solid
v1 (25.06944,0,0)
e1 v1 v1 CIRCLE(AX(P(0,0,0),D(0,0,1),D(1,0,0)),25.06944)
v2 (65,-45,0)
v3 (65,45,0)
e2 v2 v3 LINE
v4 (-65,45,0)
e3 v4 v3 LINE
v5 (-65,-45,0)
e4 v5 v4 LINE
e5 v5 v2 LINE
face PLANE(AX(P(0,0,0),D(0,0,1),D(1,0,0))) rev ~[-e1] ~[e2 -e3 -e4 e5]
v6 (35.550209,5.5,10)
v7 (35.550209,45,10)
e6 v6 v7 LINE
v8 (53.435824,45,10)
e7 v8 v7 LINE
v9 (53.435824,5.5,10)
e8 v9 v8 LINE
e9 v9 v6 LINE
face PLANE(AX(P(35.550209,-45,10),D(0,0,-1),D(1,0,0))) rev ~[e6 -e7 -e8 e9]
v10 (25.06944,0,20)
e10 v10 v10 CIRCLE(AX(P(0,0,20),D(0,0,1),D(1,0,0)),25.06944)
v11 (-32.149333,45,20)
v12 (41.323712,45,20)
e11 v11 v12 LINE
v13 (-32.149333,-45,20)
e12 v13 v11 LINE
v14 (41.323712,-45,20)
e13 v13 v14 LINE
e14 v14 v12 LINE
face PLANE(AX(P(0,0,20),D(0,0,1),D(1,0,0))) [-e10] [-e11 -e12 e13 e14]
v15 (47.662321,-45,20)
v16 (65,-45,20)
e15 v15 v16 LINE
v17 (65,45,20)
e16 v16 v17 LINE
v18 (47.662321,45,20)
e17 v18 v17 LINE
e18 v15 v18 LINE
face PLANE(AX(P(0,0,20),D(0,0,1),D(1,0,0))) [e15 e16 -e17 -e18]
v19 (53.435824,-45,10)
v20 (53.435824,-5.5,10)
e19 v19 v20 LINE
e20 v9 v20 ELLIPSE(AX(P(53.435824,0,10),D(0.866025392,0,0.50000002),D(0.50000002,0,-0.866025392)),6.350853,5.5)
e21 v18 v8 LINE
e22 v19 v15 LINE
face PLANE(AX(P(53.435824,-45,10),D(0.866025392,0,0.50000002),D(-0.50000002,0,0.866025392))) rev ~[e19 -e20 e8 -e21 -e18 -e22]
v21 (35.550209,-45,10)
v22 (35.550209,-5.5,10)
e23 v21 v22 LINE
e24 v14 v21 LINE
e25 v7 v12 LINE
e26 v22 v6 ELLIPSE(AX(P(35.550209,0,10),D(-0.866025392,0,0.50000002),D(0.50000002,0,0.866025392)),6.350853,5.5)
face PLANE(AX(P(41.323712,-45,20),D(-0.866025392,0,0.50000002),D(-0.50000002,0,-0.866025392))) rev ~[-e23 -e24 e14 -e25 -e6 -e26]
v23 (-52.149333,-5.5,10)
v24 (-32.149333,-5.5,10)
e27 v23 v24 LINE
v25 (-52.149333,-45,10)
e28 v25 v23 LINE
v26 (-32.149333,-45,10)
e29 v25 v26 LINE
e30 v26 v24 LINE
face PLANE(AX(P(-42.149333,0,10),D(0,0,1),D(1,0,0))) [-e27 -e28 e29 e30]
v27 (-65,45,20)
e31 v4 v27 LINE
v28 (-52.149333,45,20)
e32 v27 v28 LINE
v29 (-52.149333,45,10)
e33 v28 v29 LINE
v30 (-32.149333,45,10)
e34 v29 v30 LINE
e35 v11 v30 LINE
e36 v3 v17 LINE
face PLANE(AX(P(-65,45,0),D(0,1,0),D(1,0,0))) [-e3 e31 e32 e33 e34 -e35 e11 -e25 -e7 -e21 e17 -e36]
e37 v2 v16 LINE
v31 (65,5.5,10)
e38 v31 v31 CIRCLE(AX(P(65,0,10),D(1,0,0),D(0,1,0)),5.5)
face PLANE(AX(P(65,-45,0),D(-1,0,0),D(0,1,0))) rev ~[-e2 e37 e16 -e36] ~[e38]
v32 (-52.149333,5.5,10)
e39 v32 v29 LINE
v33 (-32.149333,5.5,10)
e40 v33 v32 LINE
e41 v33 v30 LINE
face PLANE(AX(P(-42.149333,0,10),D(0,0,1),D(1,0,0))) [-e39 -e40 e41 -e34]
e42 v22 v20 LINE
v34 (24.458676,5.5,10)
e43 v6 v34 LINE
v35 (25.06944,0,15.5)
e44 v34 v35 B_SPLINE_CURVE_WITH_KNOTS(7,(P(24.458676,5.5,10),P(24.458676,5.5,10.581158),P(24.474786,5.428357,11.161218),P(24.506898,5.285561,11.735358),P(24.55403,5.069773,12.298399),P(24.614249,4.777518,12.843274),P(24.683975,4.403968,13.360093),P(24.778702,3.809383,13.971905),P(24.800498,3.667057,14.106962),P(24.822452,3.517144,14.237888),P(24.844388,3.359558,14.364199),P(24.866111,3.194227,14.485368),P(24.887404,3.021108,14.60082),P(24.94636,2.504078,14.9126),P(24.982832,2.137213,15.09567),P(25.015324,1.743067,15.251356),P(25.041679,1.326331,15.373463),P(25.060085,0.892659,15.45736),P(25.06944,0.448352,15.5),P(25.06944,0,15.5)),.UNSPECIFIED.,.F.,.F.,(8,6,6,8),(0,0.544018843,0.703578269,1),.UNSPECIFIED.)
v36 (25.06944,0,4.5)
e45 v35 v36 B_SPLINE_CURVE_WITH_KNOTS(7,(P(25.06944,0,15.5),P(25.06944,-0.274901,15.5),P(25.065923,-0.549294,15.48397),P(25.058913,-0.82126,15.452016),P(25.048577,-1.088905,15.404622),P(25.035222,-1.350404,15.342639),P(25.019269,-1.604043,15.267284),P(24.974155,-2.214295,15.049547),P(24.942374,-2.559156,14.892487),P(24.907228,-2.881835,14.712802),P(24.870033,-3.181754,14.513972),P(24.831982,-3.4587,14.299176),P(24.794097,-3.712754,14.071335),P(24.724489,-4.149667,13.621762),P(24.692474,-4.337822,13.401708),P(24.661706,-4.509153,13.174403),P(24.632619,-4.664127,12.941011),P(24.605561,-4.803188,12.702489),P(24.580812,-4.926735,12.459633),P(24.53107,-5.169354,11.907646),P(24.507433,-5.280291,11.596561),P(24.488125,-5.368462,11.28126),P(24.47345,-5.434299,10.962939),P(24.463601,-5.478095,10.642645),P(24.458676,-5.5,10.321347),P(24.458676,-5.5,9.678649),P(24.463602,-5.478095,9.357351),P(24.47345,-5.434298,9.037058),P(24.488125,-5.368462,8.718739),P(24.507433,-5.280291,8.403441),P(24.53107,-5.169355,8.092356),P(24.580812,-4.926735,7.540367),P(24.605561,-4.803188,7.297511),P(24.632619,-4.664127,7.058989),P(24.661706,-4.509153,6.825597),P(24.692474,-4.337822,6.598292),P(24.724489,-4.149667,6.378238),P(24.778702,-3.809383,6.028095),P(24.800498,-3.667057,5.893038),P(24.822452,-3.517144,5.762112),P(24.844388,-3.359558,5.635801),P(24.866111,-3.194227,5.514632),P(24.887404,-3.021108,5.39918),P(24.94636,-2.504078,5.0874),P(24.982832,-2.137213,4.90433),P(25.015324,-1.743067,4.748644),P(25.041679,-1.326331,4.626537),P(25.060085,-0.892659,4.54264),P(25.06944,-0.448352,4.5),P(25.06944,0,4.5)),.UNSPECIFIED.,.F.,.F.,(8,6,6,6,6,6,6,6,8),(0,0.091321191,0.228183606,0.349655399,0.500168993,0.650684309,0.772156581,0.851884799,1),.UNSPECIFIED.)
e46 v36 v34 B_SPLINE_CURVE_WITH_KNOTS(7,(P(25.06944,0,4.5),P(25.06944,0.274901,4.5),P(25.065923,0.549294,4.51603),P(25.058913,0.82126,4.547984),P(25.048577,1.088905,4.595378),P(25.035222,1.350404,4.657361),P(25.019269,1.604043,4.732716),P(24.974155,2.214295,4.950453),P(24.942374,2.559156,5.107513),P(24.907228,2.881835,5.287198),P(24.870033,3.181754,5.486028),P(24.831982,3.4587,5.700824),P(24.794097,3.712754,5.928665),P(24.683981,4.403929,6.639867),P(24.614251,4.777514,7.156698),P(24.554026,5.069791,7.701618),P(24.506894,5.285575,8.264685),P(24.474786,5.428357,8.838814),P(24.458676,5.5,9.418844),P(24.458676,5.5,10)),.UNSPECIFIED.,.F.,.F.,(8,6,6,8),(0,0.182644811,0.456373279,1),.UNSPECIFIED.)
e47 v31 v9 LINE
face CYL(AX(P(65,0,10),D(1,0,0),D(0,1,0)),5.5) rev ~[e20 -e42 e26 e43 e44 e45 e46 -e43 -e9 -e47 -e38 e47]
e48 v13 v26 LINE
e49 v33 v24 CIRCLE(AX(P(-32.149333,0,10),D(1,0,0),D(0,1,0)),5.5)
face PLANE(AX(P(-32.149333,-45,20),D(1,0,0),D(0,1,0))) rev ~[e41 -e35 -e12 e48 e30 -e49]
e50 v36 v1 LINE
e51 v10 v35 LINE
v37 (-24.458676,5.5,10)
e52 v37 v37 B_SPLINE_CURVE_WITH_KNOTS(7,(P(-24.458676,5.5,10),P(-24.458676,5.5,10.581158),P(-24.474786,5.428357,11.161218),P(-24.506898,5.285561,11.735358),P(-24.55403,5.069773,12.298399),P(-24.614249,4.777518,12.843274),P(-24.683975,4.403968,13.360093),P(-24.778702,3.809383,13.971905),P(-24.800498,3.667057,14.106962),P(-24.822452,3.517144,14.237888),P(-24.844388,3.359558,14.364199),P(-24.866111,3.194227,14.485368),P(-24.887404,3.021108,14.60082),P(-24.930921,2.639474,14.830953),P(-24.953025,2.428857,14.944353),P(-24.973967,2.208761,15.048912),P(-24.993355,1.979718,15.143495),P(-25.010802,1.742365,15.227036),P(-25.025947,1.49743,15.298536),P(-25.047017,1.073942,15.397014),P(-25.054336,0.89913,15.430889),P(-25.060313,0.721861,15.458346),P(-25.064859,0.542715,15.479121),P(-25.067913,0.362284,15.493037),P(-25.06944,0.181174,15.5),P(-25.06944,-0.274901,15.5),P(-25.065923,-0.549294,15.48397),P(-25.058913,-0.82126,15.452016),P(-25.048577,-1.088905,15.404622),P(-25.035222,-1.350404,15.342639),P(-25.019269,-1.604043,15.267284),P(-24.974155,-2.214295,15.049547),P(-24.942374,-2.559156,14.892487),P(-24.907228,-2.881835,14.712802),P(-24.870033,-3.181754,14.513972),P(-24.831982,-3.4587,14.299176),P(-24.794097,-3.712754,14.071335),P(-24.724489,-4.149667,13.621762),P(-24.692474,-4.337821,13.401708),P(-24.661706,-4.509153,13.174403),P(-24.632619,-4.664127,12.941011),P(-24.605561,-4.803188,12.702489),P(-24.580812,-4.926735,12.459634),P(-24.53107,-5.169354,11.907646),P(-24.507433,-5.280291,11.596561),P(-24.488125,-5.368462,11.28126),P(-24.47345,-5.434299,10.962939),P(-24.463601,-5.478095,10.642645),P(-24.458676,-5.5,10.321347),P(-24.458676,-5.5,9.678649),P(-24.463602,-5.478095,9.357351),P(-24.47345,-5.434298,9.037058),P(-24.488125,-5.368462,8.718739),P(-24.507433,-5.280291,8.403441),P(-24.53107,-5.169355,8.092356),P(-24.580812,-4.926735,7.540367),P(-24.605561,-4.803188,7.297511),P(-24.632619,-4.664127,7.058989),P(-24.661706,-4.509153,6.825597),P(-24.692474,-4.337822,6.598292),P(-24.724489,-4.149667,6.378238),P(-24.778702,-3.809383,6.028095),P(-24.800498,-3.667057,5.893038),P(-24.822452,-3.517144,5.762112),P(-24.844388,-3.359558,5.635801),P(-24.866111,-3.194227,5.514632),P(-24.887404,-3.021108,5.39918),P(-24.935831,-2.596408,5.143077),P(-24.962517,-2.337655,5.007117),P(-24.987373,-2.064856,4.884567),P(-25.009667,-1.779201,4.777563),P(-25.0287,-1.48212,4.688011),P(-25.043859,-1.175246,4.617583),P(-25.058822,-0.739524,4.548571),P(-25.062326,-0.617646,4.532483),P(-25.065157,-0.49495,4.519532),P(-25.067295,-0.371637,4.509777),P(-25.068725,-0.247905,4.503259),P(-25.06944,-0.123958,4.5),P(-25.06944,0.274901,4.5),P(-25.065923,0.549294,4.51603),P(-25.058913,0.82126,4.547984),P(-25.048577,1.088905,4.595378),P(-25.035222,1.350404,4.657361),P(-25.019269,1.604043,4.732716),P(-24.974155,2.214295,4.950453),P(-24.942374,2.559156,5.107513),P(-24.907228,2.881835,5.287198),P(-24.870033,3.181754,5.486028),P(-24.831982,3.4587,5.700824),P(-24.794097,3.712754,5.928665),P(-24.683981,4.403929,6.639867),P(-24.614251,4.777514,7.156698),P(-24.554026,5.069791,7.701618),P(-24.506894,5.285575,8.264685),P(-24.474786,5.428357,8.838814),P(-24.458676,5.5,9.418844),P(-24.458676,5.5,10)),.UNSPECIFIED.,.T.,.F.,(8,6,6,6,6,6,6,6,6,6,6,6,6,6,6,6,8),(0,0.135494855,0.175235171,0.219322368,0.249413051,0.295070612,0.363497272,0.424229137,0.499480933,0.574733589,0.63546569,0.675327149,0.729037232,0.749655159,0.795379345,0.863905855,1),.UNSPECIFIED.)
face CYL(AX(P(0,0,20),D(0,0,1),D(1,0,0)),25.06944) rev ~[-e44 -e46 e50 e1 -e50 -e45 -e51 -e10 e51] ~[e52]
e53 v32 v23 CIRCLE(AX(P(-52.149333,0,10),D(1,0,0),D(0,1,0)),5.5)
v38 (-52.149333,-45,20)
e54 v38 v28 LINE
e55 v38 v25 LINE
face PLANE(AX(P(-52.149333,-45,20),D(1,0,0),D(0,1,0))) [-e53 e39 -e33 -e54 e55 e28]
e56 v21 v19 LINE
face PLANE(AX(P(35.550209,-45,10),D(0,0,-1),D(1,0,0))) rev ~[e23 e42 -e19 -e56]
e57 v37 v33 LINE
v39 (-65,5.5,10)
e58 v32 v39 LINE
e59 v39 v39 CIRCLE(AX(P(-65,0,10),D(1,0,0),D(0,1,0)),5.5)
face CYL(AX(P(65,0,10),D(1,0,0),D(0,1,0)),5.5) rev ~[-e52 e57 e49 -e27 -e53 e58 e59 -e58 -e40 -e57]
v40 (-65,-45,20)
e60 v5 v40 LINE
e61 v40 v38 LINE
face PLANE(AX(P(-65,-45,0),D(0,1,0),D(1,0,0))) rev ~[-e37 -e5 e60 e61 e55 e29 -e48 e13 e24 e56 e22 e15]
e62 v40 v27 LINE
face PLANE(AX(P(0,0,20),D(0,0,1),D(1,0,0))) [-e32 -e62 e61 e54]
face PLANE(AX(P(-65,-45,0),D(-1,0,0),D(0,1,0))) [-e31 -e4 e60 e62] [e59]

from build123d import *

# Parameters (mm, degrees)
F0_W     = 130
F0_H     = 90
F1_DEPTH = 20
F2_W     = 20
F2_H     = 90
F3_DEPTH = 10
F4_R     = 25.06944
F5_DEPTH = 20.001
F6_R     = 5.5
F7_DEPTH = 130.001
F9_DEPTH = 90.001


with BuildPart() as f1:
    # F0 (on Top) → F1 (new body)
    with BuildSketch(Plane.XY):
        Rectangle(F0_W, F0_H)
    extrude(amount=F1_DEPTH)

    # F2 (on face) → F3 (cut)
    with BuildSketch(Plane.XY.offset(20)):
        with Locations((-42.149333, 0)):
            Rectangle(F2_W, F2_H)
    extrude(amount=-F3_DEPTH, mode=Mode.SUBTRACT)

    # F4 (on face) → F5 (cut, through all)
    with BuildSketch(Plane.XY.offset(20)):
        Circle(F4_R)
    extrude(amount=-F5_DEPTH, mode=Mode.SUBTRACT)

    # F6 (on face) → F7 (cut, through all)
    with BuildSketch(Plane.YZ.offset(65)):
        with Locations((0, 10)):
            Circle(F6_R)
    extrude(amount=-F7_DEPTH, mode=Mode.SUBTRACT)

    # F8 (on face) → F9 (cut, through all)
    with BuildSketch(Plane.XZ.offset(45)):
        Polygon((47.662321, 20), (41.323712, 20), (35.550209, 10), (53.435824, 10), align=None)
    extrude(amount=-F9_DEPTH, mode=Mode.SUBTRACT)


solid = f1.part
